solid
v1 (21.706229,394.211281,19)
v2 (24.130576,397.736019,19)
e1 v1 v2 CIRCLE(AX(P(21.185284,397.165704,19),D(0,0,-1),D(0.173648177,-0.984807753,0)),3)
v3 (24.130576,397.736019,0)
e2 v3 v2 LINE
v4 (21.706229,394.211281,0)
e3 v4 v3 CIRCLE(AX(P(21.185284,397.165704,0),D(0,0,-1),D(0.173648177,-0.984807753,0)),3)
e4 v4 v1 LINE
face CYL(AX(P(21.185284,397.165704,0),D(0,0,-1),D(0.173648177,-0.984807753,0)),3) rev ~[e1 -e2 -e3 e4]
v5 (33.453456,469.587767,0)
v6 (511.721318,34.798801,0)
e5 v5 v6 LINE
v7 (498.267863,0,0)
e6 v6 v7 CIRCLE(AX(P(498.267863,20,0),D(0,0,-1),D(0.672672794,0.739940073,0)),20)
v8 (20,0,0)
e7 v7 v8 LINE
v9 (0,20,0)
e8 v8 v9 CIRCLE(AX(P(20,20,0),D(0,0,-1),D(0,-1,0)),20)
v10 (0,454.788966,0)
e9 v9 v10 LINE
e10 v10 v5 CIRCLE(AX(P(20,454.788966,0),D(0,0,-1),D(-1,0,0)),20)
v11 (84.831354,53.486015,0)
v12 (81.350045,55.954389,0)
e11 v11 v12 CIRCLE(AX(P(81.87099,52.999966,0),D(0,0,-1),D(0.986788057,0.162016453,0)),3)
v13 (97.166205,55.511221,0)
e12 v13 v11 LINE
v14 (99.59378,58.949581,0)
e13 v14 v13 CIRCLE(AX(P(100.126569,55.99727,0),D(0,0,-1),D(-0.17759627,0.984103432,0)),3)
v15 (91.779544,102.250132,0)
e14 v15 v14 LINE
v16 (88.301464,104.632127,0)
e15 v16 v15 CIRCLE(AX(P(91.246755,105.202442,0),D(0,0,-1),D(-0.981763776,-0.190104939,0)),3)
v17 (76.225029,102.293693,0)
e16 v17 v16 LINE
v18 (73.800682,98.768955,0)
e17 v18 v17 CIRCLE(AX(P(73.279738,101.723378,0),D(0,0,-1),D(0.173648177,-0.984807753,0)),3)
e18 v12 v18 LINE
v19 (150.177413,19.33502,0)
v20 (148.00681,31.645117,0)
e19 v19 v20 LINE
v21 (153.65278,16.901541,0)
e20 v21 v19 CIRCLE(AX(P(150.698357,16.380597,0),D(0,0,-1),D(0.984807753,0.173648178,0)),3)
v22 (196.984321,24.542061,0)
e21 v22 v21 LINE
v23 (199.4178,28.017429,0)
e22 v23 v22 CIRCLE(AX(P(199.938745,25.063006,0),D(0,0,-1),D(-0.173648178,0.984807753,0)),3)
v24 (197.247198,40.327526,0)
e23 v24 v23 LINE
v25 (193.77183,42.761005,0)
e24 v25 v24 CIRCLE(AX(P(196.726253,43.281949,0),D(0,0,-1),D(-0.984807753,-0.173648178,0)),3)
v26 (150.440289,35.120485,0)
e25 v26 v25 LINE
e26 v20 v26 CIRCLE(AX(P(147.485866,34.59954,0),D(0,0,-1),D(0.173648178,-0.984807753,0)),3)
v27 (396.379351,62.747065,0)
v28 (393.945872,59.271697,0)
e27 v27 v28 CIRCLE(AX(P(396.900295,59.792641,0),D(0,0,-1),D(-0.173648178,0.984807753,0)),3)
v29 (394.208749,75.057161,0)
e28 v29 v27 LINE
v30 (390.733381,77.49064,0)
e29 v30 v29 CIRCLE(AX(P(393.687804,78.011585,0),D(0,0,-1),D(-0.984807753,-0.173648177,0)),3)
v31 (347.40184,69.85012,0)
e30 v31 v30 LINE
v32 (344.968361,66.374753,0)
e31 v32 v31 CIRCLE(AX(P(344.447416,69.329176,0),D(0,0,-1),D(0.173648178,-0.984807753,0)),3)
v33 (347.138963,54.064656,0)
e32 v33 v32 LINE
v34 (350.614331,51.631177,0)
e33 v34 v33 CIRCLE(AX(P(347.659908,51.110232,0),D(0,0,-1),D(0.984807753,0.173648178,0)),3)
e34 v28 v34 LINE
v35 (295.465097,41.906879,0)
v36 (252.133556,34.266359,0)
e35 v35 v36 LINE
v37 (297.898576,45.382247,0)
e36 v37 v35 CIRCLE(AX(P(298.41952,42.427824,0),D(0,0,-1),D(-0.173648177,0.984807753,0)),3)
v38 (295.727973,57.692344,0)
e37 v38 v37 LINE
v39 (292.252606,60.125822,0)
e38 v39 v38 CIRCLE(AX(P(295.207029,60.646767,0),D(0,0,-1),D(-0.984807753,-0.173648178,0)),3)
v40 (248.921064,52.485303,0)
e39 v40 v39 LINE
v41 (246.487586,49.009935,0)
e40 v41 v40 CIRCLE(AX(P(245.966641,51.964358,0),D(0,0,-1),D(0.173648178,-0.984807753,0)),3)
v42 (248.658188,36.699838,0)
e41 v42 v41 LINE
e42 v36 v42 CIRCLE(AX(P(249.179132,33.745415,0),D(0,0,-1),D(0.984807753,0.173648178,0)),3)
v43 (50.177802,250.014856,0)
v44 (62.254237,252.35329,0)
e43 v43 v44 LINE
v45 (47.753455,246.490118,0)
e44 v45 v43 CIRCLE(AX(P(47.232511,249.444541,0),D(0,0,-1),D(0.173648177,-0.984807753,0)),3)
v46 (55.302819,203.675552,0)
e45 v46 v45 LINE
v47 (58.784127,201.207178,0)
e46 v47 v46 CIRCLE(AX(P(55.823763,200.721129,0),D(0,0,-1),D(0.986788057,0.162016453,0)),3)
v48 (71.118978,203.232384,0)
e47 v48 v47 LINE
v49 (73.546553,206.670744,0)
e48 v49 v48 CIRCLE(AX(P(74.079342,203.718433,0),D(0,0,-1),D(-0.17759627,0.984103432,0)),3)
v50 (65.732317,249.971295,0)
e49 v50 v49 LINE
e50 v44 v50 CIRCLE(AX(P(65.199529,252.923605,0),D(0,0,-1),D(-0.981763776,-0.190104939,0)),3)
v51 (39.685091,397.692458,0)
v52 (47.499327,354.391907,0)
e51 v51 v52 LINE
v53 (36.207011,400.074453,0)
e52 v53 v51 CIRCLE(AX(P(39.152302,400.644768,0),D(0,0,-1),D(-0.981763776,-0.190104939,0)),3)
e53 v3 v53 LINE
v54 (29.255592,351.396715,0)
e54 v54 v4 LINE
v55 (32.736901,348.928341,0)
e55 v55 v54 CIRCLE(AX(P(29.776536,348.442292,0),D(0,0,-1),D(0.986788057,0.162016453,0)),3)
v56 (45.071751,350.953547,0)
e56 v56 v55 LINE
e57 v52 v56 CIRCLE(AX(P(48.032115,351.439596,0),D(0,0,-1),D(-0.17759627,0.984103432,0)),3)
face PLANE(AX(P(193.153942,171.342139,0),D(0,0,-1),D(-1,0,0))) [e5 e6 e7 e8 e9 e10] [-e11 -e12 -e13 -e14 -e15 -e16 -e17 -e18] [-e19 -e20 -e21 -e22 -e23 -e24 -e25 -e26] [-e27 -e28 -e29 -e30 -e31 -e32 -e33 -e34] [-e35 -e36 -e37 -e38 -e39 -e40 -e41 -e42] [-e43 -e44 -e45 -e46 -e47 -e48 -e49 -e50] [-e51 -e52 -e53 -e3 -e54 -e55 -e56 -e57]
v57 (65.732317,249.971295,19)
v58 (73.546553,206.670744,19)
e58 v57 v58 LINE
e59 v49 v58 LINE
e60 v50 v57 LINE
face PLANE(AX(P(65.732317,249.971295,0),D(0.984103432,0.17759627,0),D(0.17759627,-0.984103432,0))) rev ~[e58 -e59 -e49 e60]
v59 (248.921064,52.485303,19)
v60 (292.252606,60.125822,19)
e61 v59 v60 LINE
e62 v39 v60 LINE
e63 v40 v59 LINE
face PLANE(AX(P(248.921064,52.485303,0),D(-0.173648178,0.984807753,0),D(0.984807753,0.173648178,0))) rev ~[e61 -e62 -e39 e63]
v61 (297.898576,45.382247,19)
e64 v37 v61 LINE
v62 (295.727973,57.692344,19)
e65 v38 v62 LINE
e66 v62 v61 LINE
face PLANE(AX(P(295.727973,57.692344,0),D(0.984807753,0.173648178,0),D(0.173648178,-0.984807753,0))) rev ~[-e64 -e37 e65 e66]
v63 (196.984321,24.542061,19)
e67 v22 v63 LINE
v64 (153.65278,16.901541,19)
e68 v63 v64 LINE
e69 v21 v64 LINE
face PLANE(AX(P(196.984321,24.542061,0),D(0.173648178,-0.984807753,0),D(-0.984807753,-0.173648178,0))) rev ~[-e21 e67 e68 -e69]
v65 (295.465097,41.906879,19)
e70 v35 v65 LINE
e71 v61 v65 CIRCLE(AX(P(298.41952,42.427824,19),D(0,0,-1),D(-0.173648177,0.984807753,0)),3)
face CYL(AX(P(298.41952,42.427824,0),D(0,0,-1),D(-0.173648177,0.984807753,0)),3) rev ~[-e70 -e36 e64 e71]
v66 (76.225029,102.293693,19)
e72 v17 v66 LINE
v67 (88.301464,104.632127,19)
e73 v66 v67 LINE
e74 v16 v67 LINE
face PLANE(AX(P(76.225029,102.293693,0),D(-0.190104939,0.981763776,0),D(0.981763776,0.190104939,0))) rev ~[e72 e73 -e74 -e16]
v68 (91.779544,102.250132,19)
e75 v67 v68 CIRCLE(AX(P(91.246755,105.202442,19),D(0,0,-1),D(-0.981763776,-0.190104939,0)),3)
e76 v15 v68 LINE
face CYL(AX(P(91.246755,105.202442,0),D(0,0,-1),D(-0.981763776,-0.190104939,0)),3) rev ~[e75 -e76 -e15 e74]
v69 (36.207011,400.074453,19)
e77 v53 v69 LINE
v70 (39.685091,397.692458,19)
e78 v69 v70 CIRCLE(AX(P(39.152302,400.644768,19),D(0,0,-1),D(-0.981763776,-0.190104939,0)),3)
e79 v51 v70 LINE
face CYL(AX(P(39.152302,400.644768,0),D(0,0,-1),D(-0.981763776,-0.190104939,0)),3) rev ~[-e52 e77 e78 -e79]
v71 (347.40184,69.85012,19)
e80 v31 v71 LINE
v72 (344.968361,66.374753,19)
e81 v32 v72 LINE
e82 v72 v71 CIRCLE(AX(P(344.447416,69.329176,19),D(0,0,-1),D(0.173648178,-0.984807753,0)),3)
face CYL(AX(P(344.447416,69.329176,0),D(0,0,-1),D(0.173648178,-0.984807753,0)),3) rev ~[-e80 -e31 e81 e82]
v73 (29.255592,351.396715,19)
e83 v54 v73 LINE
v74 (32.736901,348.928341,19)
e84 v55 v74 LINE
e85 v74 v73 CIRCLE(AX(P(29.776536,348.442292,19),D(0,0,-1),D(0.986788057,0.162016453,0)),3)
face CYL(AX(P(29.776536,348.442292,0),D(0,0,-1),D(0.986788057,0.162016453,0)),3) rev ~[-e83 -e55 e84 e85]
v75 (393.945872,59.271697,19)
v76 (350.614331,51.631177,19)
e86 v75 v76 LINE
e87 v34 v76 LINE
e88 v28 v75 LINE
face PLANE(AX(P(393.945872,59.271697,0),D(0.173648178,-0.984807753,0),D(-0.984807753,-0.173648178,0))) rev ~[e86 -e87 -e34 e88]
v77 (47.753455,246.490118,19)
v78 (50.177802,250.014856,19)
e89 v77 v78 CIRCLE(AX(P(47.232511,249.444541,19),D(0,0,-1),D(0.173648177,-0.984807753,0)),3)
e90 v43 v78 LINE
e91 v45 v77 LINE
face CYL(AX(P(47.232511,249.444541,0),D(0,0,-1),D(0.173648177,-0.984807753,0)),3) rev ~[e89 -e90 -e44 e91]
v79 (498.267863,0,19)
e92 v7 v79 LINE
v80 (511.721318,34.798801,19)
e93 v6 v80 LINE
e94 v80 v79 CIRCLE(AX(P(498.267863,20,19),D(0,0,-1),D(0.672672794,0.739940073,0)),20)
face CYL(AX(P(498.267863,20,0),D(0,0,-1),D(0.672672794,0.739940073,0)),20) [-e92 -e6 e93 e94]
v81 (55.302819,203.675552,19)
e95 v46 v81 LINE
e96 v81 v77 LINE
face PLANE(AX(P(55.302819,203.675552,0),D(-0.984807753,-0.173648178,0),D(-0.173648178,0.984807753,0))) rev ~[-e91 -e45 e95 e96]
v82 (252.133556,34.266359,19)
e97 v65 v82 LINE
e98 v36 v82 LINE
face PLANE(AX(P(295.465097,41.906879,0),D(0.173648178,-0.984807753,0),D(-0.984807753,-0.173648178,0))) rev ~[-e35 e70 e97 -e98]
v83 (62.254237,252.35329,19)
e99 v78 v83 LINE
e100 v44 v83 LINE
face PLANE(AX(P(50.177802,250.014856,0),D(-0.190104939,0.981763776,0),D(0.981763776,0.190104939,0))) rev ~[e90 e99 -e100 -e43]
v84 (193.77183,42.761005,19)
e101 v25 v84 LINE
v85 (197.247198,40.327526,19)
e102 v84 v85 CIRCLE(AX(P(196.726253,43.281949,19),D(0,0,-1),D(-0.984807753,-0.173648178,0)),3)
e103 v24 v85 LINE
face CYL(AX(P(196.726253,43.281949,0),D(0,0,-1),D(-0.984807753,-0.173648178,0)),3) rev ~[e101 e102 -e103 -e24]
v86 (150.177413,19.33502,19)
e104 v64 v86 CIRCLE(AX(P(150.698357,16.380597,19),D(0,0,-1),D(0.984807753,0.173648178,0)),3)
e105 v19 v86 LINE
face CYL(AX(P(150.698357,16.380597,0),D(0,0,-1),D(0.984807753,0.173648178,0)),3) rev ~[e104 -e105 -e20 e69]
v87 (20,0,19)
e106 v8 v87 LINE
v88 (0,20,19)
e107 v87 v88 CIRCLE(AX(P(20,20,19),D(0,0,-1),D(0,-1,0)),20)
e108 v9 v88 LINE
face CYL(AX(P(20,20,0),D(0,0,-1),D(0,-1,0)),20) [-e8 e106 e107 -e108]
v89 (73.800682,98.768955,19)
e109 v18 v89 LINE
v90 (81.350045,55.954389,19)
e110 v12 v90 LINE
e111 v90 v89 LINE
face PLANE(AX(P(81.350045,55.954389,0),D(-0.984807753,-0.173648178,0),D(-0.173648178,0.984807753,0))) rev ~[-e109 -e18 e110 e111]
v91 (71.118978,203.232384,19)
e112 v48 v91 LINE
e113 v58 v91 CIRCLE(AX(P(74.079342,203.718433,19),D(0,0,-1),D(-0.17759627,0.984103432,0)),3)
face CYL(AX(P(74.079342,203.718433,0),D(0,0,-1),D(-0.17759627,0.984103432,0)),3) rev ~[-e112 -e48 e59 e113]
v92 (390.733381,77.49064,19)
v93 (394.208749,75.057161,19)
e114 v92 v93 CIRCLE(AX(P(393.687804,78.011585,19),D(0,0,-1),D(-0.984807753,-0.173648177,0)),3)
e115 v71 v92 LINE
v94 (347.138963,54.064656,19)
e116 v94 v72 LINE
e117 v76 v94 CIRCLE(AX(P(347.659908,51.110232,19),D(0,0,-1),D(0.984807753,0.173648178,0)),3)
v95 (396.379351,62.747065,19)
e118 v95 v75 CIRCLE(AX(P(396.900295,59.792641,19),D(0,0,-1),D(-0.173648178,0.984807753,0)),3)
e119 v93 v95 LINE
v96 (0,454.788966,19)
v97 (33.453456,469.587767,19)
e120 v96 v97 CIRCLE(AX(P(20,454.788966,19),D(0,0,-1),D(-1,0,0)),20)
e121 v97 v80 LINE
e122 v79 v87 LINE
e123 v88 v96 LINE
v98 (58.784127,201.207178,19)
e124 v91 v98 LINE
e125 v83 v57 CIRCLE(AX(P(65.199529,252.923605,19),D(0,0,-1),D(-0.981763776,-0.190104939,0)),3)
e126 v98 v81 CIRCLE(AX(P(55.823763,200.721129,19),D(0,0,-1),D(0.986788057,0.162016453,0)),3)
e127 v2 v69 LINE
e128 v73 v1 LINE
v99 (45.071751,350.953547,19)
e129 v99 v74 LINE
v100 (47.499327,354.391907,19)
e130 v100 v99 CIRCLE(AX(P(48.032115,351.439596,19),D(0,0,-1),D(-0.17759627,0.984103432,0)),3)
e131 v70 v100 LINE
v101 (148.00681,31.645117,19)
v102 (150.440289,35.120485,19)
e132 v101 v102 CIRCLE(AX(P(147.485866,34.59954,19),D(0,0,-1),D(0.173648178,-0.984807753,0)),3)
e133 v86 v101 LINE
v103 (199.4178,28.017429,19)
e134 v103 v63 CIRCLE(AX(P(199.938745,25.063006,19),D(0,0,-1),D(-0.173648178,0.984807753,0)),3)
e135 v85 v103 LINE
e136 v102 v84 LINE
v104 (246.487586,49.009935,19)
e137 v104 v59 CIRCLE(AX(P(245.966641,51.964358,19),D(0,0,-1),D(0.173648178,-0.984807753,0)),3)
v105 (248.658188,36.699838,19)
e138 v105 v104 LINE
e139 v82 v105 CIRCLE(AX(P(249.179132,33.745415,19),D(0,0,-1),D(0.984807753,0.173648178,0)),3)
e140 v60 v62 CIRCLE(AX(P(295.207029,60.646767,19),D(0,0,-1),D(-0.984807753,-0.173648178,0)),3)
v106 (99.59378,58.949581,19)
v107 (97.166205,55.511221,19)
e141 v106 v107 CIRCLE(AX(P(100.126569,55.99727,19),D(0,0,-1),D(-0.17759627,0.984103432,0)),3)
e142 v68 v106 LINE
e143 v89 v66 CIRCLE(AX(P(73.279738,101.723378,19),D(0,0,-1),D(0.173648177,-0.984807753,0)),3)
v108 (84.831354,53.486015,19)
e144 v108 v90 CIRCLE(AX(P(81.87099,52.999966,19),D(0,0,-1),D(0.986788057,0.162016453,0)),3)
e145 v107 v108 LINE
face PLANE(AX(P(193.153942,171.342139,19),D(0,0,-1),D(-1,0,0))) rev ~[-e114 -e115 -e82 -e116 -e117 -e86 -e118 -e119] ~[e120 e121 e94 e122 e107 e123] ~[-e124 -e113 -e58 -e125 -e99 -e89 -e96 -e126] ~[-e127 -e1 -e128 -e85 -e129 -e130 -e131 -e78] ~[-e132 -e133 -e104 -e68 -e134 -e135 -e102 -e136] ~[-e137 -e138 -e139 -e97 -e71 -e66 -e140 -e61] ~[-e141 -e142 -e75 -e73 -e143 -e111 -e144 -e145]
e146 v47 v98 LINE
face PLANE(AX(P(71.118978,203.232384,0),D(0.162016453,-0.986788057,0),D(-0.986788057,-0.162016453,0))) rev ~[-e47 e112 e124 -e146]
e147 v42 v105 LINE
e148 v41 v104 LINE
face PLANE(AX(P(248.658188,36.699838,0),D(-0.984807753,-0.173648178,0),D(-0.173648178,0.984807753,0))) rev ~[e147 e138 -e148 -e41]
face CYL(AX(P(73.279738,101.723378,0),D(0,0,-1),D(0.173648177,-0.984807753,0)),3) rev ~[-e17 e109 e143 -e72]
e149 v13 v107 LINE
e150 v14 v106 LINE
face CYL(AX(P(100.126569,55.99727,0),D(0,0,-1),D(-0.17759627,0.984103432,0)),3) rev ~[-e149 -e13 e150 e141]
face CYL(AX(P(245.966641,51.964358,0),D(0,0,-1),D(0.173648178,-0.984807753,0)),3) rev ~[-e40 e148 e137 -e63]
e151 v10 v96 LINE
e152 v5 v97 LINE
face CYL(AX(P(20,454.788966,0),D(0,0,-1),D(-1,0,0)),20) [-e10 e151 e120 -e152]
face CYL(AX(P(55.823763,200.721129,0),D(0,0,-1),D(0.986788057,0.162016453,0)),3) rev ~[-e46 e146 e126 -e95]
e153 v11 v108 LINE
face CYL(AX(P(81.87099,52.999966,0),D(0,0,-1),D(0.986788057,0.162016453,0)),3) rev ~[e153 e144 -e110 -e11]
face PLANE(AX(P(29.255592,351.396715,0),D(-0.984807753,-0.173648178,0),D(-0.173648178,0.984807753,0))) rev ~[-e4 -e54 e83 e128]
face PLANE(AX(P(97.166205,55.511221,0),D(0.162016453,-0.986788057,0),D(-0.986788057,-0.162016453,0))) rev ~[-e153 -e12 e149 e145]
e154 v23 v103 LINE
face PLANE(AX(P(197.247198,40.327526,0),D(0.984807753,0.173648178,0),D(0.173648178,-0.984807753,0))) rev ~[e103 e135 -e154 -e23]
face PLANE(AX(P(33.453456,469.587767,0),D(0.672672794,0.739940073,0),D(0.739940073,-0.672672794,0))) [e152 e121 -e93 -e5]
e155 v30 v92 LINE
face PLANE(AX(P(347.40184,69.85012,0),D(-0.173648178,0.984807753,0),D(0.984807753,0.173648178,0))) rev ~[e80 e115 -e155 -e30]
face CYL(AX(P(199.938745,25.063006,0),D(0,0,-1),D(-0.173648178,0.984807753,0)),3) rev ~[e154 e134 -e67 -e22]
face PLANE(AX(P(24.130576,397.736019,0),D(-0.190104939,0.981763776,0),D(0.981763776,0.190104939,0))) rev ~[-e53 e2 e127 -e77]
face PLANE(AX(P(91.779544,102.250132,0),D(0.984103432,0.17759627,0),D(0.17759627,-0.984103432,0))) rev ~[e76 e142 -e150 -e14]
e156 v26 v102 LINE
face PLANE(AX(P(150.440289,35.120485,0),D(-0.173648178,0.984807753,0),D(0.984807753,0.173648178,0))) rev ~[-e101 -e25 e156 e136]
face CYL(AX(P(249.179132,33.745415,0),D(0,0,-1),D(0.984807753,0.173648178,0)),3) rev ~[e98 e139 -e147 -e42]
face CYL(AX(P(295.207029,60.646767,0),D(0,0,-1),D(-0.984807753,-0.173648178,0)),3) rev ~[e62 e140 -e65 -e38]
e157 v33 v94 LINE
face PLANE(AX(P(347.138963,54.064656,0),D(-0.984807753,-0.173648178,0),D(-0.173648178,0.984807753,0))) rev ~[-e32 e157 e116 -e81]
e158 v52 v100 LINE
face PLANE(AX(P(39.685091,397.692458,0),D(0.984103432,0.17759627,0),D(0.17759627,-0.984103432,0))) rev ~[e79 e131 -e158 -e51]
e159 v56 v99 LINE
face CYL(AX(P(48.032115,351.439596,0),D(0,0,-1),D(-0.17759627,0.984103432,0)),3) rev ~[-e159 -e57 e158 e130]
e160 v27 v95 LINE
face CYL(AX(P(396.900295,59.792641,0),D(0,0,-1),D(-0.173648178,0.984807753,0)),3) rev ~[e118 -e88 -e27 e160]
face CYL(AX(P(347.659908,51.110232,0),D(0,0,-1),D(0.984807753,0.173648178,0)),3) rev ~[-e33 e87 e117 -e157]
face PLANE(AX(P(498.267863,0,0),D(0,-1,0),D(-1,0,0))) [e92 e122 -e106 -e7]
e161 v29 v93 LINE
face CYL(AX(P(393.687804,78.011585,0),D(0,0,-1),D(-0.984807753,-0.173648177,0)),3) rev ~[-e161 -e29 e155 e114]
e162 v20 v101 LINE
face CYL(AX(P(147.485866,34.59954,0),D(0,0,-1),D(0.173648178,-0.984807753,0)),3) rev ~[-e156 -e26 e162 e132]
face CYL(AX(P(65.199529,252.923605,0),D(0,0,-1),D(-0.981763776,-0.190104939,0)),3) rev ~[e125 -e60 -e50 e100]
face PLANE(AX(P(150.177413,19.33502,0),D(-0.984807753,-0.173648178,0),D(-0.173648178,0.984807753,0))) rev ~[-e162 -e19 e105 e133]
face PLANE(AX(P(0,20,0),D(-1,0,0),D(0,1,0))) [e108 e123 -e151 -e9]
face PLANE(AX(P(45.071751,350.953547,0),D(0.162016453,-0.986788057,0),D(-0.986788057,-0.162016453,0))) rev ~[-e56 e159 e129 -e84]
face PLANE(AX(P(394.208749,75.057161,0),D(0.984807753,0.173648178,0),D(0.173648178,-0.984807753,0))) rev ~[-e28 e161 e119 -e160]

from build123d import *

# Parameters (mm, degrees)
BOSS_EXTRUDE1_DEPTH = 19


with BuildPart() as part:
    # Sketch1 → Boss-Extrude1 (new body)
    with BuildSketch(Plane.XY):
        with BuildLine():
            Line((0, 20), (0, 454.788965914))
            ThreePointArc((0, 454.788965914), (11.908928303, 473.079251828), (33.45345588, 469.587767382))
            Line((33.45345588, 469.587767382), (511.721318385, 34.798801468))
            ThreePointArc((511.721318385, 34.798801468), (516.922299368, 12.788066464), (498.267862505, 0))
            Line((498.267862505, 0), (20, 0))
            ThreePointArc((20, 0), (5.857864376, 5.857864376), (0, 20))
        make_face()
        with BuildLine():
            Line((24.130575607, 397.736018906), (36.207010666, 400.074453065))
            ThreePointArc((36.207010666, 400.074453065), (40.847447332, 403.119941065), (39.685090804, 397.692457586))
            Line((39.685090804, 397.692457586), (47.499326679, 354.391906577))
            ThreePointArc((47.499326679, 354.391906577), (50.482851851, 349.709309806), (45.071751319, 350.953546922))
            Line((45.071751319, 350.953546922), (32.73690061, 348.928341259))
            ThreePointArc((32.73690061, 348.928341259), (28.041339197, 345.995030056), (29.255591906, 351.396715159))
            Line((29.255591906, 351.396715159), (21.706228811, 394.21128083))
            ThreePointArc((21.706228811, 394.21128083), (18.713515198, 398.865809266), (24.130575607, 397.736018906))
        make_face(mode=Mode.SUBTRACT)
        with BuildLine():
            Line((50.177802257, 250.014855954), (62.254237316, 252.353290113))
            ThreePointArc((62.254237316, 252.353290113), (66.894673982, 255.398778113), (65.732317454, 249.971294634))
            Line((65.732317454, 249.971294634), (73.546553329, 206.670743625))
            ThreePointArc((73.546553329, 206.670743625), (76.530078501, 201.988146855), (71.118977969, 203.23238397))
            Line((71.118977969, 203.23238397), (58.78412726, 201.207178307))
            ThreePointArc((58.78412726, 201.207178307), (54.088565847, 198.273867104), (55.302818556, 203.675552207))
            Line((55.302818556, 203.675552207), (47.753455461, 246.490117878))
            ThreePointArc((47.753455461, 246.490117878), (44.760741848, 251.144646314), (50.177802257, 250.014855954))
        make_face(mode=Mode.SUBTRACT)
        with BuildLine():
            Line((76.225028907, 102.293693002), (88.301463966, 104.632127162))
            ThreePointArc((88.301463966, 104.632127162), (92.941900632, 107.677615161), (91.779544104, 102.250131683))
            Line((91.779544104, 102.250131683), (99.59377998, 58.949580674))
            ThreePointArc((99.59377998, 58.949580674), (102.577305151, 54.266983903), (97.166204619, 55.511221018))
            Line((97.166204619, 55.511221018), (84.83135391, 53.486015355))
            ThreePointArc((84.83135391, 53.486015355), (80.135792497, 50.552704152), (81.350045206, 55.954389255))
            Line((81.350045206, 55.954389255), (73.800682111, 98.768954926))
            ThreePointArc((73.800682111, 98.768954926), (70.807968498, 103.423483362), (76.225028907, 102.293693002))
        make_face(mode=Mode.SUBTRACT)
        with BuildLine():
            Line((248.921064371, 52.485302628), (292.252605504, 60.125822445))
            ThreePointArc((292.252605504, 60.125822445), (296.927758072, 63.104223111), (295.727973296, 57.692343719))
            Line((295.727973296, 57.692343719), (297.898575517, 45.382246806))
            ThreePointArc((297.898575517, 45.382246806), (300.876976182, 40.707094238), (295.46509679, 41.906879014))
            Line((295.46509679, 41.906879014), (252.133555658, 34.266359197))
            ThreePointArc((252.133555658, 34.266359197), (247.45840309, 31.287958531), (248.658187866, 36.699837923))
            Line((248.658187866, 36.699837923), (246.487585645, 49.009934835))
            ThreePointArc((246.487585645, 49.009934835), (243.509184979, 53.685087404), (248.921064371, 52.485302628))
        make_face(mode=Mode.SUBTRACT)
        with BuildLine():
            Line((150.44028907, 35.120484861), (193.771830203, 42.761004678))
            ThreePointArc((193.771830203, 42.761004678), (198.446982771, 45.739405344), (197.247197995, 40.327525952))
            Line((197.247197995, 40.327525952), (199.417800215, 28.01742904))
            ThreePointArc((199.417800215, 28.01742904), (202.396200881, 23.342276471), (196.984321489, 24.542061247))
            Line((196.984321489, 24.542061247), (153.652780357, 16.90154143))
            ThreePointArc((153.652780357, 16.90154143), (148.977627789, 13.923140764), (150.177412565, 19.335020156))
            Line((150.177412565, 19.335020156), (148.006810344, 31.645117069))
            ThreePointArc((148.006810344, 31.645117069), (145.028409678, 36.320269637), (150.44028907, 35.120484861))
        make_face(mode=Mode.SUBTRACT)
        with BuildLine():
            Line((347.401839672, 69.850120394), (390.733380805, 77.490640212))
            ThreePointArc((390.733380805, 77.490640212), (395.408533373, 80.469040877), (394.208748597, 75.057161485))
            Line((394.208748597, 75.057161485), (396.379350818, 62.747064573))
            ThreePointArc((396.379350818, 62.747064573), (399.357751483, 58.071912005), (393.945872092, 59.271696781))
            Line((393.945872092, 59.271696781), (350.614330959, 51.631176963))
            ThreePointArc((350.614330959, 51.631176963), (345.939178391, 48.652776298), (347.138963167, 54.064655689))
            Line((347.138963167, 54.064655689), (344.968360946, 66.374752602))
            ThreePointArc((344.968360946, 66.374752602), (341.98996028, 71.04990517), (347.401839672, 69.850120394))
        make_face(mode=Mode.SUBTRACT)
    extrude(amount=BOSS_EXTRUDE1_DEPTH)


solid = part.part
